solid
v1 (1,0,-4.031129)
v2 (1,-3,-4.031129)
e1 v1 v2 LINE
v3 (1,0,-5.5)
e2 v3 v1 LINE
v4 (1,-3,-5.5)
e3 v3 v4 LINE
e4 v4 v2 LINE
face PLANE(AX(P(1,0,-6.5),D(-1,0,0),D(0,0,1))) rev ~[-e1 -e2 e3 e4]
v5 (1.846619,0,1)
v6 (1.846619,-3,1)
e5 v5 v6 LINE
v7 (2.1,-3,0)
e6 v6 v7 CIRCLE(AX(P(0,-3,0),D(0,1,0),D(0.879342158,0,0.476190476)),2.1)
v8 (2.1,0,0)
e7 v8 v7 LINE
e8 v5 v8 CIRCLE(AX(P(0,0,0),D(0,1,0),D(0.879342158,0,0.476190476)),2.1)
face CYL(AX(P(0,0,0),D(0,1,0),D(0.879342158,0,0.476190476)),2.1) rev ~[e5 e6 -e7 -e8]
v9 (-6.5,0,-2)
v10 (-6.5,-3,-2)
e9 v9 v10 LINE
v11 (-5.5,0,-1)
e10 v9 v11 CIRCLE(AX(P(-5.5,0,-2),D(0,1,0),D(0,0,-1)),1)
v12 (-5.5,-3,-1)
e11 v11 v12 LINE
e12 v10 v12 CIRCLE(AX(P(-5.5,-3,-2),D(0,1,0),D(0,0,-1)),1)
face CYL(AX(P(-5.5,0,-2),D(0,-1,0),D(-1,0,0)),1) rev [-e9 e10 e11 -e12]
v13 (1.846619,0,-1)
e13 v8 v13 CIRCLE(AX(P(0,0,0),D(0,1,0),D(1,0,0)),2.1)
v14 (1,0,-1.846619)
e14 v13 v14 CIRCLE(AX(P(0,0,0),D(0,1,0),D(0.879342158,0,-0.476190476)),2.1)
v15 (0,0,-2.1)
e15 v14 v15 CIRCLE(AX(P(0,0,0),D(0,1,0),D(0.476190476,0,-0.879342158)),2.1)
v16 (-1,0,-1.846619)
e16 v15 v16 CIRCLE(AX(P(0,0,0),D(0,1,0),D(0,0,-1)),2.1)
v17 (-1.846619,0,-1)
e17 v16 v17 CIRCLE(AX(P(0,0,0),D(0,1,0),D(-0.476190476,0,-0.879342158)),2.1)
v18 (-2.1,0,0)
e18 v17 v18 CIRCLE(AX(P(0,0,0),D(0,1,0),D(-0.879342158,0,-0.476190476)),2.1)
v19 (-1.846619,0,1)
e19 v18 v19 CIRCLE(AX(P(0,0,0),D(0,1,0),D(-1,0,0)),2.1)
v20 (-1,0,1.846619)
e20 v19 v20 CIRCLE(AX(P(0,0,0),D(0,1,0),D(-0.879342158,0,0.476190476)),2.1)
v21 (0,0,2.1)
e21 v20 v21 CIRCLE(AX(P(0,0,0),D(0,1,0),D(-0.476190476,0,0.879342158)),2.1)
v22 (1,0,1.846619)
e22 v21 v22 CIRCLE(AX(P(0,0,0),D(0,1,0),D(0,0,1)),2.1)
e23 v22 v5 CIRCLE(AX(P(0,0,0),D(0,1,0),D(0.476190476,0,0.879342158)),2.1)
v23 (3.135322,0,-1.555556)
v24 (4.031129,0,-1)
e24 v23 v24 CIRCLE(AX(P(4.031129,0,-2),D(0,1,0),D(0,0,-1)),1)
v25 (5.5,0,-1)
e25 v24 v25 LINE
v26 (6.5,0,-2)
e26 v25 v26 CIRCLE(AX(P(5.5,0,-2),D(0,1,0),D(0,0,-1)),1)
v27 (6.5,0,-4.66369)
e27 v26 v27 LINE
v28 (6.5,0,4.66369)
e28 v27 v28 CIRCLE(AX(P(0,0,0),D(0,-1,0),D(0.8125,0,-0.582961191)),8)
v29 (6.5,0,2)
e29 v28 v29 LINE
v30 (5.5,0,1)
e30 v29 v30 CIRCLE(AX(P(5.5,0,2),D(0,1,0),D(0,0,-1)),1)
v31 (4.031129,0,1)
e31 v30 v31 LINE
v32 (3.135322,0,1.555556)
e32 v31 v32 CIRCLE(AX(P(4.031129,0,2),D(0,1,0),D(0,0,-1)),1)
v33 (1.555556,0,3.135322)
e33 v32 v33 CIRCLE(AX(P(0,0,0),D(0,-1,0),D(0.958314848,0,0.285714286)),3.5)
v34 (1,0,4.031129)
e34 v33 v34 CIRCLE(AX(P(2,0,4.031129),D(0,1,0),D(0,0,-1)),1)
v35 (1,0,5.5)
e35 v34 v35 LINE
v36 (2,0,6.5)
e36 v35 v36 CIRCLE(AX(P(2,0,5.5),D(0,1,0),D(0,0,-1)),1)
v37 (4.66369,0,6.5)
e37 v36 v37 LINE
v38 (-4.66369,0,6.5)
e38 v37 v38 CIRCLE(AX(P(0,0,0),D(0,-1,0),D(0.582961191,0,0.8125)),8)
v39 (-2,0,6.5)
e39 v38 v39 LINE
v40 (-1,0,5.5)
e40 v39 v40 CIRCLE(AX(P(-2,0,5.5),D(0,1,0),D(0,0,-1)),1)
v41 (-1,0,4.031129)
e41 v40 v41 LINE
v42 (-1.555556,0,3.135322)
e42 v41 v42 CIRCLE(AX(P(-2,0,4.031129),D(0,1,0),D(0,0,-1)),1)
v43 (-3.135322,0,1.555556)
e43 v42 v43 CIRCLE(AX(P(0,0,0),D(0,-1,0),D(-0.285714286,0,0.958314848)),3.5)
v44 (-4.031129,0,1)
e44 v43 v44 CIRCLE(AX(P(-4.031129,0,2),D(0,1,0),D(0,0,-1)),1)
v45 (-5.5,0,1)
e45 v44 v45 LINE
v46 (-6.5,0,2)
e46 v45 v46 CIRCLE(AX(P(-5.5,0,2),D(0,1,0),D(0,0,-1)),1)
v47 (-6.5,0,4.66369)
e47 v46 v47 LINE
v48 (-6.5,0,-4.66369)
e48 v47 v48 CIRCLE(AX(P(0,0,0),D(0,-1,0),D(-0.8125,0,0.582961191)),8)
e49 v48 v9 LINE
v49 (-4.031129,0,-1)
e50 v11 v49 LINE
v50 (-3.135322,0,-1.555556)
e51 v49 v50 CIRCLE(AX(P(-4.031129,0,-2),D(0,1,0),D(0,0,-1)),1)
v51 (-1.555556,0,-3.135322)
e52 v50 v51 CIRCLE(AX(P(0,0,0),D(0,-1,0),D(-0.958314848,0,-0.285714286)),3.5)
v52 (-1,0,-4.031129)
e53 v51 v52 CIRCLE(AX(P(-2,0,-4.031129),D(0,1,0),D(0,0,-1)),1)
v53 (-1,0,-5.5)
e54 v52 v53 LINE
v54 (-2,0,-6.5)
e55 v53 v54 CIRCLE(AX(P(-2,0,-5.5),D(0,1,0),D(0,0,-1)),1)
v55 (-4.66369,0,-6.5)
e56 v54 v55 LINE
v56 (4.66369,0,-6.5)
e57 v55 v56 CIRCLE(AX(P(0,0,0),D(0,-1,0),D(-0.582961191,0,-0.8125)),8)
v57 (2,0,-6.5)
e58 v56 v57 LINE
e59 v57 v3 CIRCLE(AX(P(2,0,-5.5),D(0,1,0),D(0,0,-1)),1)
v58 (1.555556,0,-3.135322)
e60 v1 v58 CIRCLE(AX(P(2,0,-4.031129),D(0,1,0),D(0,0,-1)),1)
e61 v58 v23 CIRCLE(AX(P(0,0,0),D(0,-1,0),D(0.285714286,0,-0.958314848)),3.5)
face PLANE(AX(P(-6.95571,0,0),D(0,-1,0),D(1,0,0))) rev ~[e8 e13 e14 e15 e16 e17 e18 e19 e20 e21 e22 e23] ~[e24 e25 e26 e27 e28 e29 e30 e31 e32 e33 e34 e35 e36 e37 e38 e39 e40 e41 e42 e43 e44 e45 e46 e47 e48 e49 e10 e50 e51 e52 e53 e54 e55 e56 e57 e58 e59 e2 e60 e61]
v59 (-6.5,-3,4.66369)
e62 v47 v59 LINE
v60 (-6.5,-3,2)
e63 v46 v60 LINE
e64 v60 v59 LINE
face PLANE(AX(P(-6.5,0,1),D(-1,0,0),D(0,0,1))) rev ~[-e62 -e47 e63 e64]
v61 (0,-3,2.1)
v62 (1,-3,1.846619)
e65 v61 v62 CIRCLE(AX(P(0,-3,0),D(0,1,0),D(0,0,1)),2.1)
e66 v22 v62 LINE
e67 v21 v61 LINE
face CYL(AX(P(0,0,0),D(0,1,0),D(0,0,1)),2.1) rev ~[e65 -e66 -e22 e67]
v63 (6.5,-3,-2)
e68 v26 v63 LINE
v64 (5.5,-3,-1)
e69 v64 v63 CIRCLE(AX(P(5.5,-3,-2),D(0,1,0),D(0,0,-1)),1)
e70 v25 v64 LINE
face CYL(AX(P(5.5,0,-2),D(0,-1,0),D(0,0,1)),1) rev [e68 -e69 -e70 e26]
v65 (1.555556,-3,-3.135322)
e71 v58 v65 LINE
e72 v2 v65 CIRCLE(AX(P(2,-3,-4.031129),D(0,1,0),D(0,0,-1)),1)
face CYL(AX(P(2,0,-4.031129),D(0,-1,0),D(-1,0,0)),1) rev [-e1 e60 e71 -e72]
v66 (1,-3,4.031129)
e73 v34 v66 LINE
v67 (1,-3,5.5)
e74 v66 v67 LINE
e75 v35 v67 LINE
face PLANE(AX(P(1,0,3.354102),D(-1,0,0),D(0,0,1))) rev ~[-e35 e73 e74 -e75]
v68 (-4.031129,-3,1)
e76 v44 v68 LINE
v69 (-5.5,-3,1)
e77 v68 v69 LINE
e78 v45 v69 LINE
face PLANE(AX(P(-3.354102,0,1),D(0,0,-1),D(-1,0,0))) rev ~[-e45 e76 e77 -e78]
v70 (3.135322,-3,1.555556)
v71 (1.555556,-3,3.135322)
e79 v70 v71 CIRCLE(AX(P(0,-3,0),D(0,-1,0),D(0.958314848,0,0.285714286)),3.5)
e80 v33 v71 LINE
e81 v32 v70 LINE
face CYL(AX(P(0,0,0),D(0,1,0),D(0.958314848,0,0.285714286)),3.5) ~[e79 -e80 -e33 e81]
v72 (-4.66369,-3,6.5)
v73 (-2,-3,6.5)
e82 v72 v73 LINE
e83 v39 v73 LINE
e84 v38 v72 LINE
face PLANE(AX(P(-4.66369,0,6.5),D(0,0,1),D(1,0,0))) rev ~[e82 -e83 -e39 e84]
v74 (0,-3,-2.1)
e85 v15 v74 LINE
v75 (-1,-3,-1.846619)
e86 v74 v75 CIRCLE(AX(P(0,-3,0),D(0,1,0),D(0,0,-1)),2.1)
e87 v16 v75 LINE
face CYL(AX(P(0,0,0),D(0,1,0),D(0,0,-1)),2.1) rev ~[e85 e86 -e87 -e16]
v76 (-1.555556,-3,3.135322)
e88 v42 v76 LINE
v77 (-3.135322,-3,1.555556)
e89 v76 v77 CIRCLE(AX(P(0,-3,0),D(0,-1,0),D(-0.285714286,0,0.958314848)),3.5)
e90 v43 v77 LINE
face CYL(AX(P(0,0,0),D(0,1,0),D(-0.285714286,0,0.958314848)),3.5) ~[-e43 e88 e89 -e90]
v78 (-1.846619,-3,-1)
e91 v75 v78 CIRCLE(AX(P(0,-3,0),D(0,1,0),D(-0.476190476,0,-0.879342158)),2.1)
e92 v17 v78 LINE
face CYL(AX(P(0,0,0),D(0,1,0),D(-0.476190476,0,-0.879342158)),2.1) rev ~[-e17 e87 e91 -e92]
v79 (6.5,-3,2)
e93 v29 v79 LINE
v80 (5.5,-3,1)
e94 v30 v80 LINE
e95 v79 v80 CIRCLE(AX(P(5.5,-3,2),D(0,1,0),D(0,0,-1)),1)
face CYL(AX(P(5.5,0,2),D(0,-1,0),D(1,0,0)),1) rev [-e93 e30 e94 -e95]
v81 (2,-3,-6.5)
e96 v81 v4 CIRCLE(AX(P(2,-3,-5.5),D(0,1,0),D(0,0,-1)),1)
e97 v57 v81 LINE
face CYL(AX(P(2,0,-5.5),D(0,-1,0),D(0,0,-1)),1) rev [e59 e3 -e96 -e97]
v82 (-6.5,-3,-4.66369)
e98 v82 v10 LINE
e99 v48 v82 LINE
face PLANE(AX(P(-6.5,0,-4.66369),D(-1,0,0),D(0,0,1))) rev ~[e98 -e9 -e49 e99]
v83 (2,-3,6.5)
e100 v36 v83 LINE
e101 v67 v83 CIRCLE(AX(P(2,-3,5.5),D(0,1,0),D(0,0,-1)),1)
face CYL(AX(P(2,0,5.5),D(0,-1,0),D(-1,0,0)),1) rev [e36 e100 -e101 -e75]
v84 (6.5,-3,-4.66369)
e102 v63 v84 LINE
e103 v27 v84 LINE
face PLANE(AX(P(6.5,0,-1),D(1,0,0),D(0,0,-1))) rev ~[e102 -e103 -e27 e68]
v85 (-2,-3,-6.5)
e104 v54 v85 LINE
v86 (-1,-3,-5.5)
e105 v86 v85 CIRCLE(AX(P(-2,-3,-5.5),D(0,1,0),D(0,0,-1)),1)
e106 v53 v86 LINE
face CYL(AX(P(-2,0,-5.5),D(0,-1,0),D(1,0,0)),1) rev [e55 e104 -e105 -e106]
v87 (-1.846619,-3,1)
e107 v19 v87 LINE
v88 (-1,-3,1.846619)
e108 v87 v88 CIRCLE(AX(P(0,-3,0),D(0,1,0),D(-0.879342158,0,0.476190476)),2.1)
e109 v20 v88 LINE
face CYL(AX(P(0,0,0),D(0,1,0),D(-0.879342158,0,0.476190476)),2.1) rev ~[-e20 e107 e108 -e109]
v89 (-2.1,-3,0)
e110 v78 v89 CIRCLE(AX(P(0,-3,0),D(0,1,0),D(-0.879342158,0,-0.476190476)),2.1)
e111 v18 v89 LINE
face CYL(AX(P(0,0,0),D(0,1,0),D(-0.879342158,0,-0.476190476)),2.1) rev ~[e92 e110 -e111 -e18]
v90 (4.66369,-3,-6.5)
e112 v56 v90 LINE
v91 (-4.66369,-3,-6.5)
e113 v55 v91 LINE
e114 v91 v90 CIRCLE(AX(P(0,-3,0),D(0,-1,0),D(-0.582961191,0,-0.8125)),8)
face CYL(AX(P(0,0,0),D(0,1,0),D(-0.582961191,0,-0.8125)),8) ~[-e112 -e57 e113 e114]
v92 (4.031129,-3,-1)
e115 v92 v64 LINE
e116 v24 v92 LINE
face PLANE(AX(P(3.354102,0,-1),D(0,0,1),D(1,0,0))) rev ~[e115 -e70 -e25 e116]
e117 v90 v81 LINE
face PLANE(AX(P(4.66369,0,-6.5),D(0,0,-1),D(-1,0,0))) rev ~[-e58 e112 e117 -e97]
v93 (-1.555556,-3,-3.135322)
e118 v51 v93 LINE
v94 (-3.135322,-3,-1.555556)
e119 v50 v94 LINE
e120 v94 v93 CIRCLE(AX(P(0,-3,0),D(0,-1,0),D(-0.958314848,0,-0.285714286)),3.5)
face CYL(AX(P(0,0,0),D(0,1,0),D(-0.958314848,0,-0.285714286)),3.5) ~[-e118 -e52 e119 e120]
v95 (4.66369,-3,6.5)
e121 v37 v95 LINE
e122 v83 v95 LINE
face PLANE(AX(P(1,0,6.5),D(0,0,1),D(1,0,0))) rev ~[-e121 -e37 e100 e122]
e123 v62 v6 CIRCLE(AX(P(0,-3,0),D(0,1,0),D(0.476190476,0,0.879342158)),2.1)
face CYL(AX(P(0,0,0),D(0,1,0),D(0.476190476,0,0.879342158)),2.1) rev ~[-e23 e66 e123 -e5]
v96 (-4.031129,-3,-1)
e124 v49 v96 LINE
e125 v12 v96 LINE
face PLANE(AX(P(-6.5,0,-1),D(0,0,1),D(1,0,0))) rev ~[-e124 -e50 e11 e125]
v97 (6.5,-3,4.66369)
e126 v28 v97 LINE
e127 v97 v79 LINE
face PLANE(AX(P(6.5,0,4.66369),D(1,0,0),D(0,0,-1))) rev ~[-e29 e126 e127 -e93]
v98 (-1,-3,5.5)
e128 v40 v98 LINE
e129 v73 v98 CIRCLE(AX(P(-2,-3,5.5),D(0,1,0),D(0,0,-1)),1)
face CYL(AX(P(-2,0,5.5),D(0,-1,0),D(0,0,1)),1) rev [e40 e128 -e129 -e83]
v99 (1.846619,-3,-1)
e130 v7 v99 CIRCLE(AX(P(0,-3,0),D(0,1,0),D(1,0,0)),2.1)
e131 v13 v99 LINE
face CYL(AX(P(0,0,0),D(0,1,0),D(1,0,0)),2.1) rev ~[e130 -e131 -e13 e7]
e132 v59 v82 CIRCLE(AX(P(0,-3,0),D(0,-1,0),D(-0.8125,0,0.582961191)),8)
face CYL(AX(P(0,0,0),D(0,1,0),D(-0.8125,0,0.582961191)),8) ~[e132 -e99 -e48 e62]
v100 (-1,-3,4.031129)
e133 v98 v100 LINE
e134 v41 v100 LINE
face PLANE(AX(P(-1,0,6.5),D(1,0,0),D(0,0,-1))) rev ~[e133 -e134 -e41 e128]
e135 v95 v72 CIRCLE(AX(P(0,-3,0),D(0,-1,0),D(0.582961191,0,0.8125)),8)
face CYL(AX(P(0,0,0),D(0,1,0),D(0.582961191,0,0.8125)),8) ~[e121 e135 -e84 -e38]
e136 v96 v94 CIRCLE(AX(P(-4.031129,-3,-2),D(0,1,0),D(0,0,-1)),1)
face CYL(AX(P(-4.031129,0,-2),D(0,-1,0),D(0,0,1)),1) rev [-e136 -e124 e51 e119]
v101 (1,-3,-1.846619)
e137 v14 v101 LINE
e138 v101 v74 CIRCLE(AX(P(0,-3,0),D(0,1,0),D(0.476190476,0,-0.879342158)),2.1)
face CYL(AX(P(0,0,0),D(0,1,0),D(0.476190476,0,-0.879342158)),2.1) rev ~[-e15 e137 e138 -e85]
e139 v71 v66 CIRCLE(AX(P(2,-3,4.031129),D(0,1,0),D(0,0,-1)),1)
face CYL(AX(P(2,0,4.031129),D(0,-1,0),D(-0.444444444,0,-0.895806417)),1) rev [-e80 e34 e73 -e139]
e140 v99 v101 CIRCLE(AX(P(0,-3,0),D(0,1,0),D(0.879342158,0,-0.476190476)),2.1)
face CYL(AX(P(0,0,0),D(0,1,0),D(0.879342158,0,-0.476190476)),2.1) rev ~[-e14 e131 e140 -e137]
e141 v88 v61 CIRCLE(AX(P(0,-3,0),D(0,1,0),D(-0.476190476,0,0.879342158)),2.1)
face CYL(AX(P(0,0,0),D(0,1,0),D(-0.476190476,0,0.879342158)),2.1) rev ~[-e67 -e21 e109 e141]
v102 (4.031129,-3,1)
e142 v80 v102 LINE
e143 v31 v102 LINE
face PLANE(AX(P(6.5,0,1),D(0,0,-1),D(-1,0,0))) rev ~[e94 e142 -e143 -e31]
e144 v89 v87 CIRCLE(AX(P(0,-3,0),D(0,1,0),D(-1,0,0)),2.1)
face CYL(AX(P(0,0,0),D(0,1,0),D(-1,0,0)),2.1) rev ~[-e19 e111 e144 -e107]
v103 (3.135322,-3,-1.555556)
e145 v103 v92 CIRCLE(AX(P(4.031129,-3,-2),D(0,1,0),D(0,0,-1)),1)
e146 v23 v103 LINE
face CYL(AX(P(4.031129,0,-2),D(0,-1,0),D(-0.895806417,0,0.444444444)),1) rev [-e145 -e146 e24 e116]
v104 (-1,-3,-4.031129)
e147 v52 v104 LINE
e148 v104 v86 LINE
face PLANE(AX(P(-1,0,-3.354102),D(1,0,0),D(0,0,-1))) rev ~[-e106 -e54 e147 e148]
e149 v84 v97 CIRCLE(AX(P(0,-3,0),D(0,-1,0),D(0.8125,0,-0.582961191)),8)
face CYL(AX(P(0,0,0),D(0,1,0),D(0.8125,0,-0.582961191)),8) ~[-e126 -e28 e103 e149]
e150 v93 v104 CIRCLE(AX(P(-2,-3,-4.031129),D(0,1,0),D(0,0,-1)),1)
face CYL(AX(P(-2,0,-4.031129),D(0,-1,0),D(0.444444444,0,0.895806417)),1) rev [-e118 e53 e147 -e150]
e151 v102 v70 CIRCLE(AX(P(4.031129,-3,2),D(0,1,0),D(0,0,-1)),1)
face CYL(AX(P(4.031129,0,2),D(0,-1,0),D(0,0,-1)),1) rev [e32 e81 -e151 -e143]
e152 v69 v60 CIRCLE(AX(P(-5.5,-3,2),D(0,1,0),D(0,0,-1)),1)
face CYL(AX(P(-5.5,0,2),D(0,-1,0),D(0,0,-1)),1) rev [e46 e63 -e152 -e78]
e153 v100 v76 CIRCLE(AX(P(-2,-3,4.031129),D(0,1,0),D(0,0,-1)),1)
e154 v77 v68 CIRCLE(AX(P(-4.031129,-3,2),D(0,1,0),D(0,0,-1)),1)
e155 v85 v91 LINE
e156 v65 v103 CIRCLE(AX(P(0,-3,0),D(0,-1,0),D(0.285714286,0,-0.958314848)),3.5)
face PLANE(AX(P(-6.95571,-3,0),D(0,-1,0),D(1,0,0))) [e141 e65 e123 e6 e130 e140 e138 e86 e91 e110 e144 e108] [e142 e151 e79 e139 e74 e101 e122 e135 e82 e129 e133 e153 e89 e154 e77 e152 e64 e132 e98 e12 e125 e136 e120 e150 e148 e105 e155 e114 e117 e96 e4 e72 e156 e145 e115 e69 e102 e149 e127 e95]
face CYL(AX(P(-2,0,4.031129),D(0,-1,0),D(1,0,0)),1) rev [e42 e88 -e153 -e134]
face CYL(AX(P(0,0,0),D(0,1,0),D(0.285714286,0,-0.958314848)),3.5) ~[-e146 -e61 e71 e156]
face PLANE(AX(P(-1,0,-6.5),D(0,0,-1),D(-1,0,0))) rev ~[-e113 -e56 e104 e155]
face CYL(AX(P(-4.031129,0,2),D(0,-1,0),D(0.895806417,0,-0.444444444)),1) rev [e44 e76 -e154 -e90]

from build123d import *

# Parameters (mm, degrees)
F1_DEPTH = 3
F2_R     = 1


with BuildPart() as f1:
    # F0 (on Front) → F1 (new body)
    with BuildSketch(Plane.XZ):
        with BuildLine():
            Line((-6.5, 1), (-6.5, 4.6636895265))
            ThreePointArc((-6.5, 4.6636895265), (-8, 0), (-6.5, -4.6636895265))
            Line((-6.5, -4.6636895265), (-6.5, -1))
            Line((-6.5, -1), (-6.5, 0))
            Line((-6.5, 0), (-6.5, 1))
        make_face()
        with BuildLine():
            Line((-3.3541019662, 1), (-6.5, 1))
            Line((-6.5, 1), (-6.5, 0))
            Line((-6.5, 0), (-3.5, 0))
            ThreePointArc((-3.5, 0), (-3.4633334291, 0.5052935375), (-3.3541019662, 1))
        make_face()
        with BuildLine():
            Line((-6.5, 0), (-6.5, -1))
            Line((-6.5, -1), (-3.3541019662, -1))
            ThreePointArc((-3.3541019662, -1), (-3.4633334291, -0.5052935375), (-3.5, 0))
            Line((-3.5, 0), (-6.5, 0))
        make_face()
        with BuildLine():
            Line((-1.8466185313, 1), (-3.3541019662, 1))
            ThreePointArc((-3.3541019662, 1), (-3.4633334291, 0.5052935375), (-3.5, 0))
            Line((-3.5, 0), (-2.1, 0))
            ThreePointArc((-2.1, 0), (-2.0356692899, 0.5158008745), (-1.8466185313, 1))
        make_face()
        with BuildLine():
            ThreePointArc((-1, 3.3541019662), (-2.4748737342, 2.4748737342), (-3.3541019662, 1))
            Line((-3.3541019662, 1), (-1.8466185313, 1))
            ThreePointArc((-1.8466185313, 1), (-1.4849242405, 1.4849242405), (-1, 1.8466185313))
            Line((-1, 1.8466185313), (-1, 3.3541019662))
        make_face()
        with BuildLine():
            Line((-1.8466185313, -1), (-3.3541019662, -1))
            ThreePointArc((-3.3541019662, -1), (-2.4748737342, -2.4748737342), (-1, -3.3541019662))
            Line((-1, -3.3541019662), (-1, -1.8466185313))
            ThreePointArc((-1, -1.8466185313), (-1.4849242405, -1.4849242405), (-1.8466185313, -1))
        make_face()
        with BuildLine():
            ThreePointArc((-3.5, 0), (-3.4633334291, -0.5052935375), (-3.3541019662, -1))
            Line((-3.3541019662, -1), (-1.8466185313, -1))
            ThreePointArc((-1.8466185313, -1), (-2.0356692899, -0.5158008745), (-2.1, 0))
            Line((-2.1, 0), (-3.5, 0))
        make_face()
        with BuildLine():
            Line((-1, 6.5), (-1, 3.3541019662))
            ThreePointArc((-1, 3.3541019662), (-0.5052935375, 3.4633334291), (0, 3.5))
            Line((0, 3.5), (0, 6.5))
            Line((0, 6.5), (-1, 6.5))
        make_face()
        with BuildLine():
            ThreePointArc((0, 3.5), (-0.5052935375, 3.4633334291), (-1, 3.3541019662))
            Line((-1, 3.3541019662), (-1, 1.8466185313))
            ThreePointArc((-1, 1.8466185313), (-0.5158008745, 2.0356692899), (0, 2.1))
            Line((0, 2.1), (0, 3.5))
        make_face()
        with BuildLine():
            Line((-1, -1.8466185313), (-1, -3.3541019662))
            ThreePointArc((-1, -3.3541019662), (-0.5052935375, -3.4633334291), (0, -3.5))
            Line((0, -3.5), (0, -2.1))
            ThreePointArc((0, -2.1), (-0.5158008745, -2.0356692899), (-1, -1.8466185313))
        make_face()
        with BuildLine():
            ThreePointArc((0, -3.5), (-0.5052935375, -3.4633334291), (-1, -3.3541019662))
            Line((-1, -3.3541019662), (-1, -6.5))
            Line((-1, -6.5), (0, -6.5))
            Line((0, -6.5), (0, -3.5))
        make_face()
        with BuildLine():
            Line((0, 6.5), (0, 3.5))
            ThreePointArc((0, 3.5), (0.5052935375, 3.4633334291), (1, 3.3541019662))
            Line((1, 3.3541019662), (1, 6.5))
            Line((1, 6.5), (0, 6.5))
        make_face()
        with BuildLine():
            ThreePointArc((1, 3.3541019662), (0.5052935375, 3.4633334291), (0, 3.5))
            Line((0, 3.5), (0, 2.1))
            ThreePointArc((0, 2.1), (0.5158008745, 2.0356692899), (1, 1.8466185313))
            Line((1, 1.8466185313), (1, 3.3541019662))
        make_face()
        with BuildLine():
            Line((-4.6636895265, 6.5), (-1, 6.5))
            Line((-1, 6.5), (0, 6.5))
            Line((0, 6.5), (1, 6.5))
            Line((1, 6.5), (4.6636895265, 6.5))
            ThreePointArc((4.6636895265, 6.5), (0, 8), (-4.6636895265, 6.5))
        make_face()
        with BuildLine():
            Line((0, -2.1), (0, -3.5))
            ThreePointArc((0, -3.5), (0.5052935375, -3.4633334291), (1, -3.3541019662))
            Line((1, -3.3541019662), (1, -1.8466185313))
            ThreePointArc((1, -1.8466185313), (0.5158008745, -2.0356692899), (0, -2.1))
        make_face()
        with BuildLine():
            ThreePointArc((1, -3.3541019662), (0.5052935375, -3.4633334291), (0, -3.5))
            Line((0, -3.5), (0, -6.5))
            Line((0, -6.5), (1, -6.5))
            Line((1, -6.5), (1, -3.3541019662))
        make_face()
        with BuildLine():
            Line((0, -6.5), (-1, -6.5))
            Line((-1, -6.5), (-4.6636895265, -6.5))
            ThreePointArc((-4.6636895265, -6.5), (0, -8), (4.6636895265, -6.5))
            Line((4.6636895265, -6.5), (1, -6.5))
            Line((1, -6.5), (0, -6.5))
        make_face()
        with BuildLine():
            ThreePointArc((3.3541019662, 1), (2.4748737342, 2.4748737342), (1, 3.3541019662))
            Line((1, 3.3541019662), (1, 1.8466185313))
            ThreePointArc((1, 1.8466185313), (1.4849242405, 1.4849242405), (1.8466185313, 1))
            Line((1.8466185313, 1), (3.3541019662, 1))
        make_face()
        with BuildLine():
            Line((1, -1.8466185313), (1, -3.3541019662))
            ThreePointArc((1, -3.3541019662), (2.4748737342, -2.4748737342), (3.3541019662, -1))
            Line((3.3541019662, -1), (1.8466185313, -1))
            ThreePointArc((1.8466185313, -1), (1.4849242405, -1.4849242405), (1, -1.8466185313))
        make_face()
        with BuildLine():
            Line((6.5, 1), (3.3541019662, 1))
            ThreePointArc((3.3541019662, 1), (3.4633334291, 0.5052935375), (3.5, 0))
            Line((3.5, 0), (6.5, 0))
            Line((6.5, 0), (6.5, 1))
        make_face()
        with BuildLine():
            ThreePointArc((3.5, 0), (3.4633334291, 0.5052935375), (3.3541019662, 1))
            Line((3.3541019662, 1), (1.8466185313, 1))
            ThreePointArc((1.8466185313, 1), (2.0356692899, 0.5158008745), (2.1, 0))
            Line((2.1, 0), (3.5, 0))
        make_face()
        with BuildLine():
            Line((1.8466185313, -1), (3.3541019662, -1))
            ThreePointArc((3.3541019662, -1), (3.4633334291, -0.5052935375), (3.5, 0))
            Line((3.5, 0), (2.1, 0))
            ThreePointArc((2.1, 0), (2.0356692899, -0.5158008745), (1.8466185313, -1))
        make_face()
        with BuildLine():
            ThreePointArc((3.5, 0), (3.4633334291, -0.5052935375), (3.3541019662, -1))
            Line((3.3541019662, -1), (6.5, -1))
            Line((6.5, -1), (6.5, 0))
            Line((6.5, 0), (3.5, 0))
        make_face()
        with BuildLine():
            Line((6.5, 4.6636895265), (6.5, 1))
            Line((6.5, 1), (6.5, 0))
            Line((6.5, 0), (6.5, -1))
            Line((6.5, -1), (6.5, -4.6636895265))
            ThreePointArc((6.5, -4.6636895265), (8, 0), (6.5, 4.6636895265))
        make_face()
    extrude(amount=F1_DEPTH)

    # F2
    f2_edges = [f1.edges().sort_by_distance(p)[0] for p in [
        (-1, -1.5, -6.5),
        (-3.354102, -1.5, 1),
        (-1, -1.5, 3.354102),
        (6.5, -1.5, 1),
        (3.354102, -1.5, -1),
        (1, -1.5, -3.354102),
        (-6.5, -1.5, -1),
        (1, -1.5, 6.5),
        (6.5, -1.5, -1),
        (-1, -1.5, -3.354102),
        (-3.354102, -1.5, -1),
        (-6.5, -1.5, 1),
        (1, -1.5, 3.354102),
        (3.354102, -1.5, 1),
        (-1, -1.5, 6.5),
        (1, -1.5, -6.5),
    ]]
    fillet(f2_edges, radius=F2_R)


solid = f1.part
